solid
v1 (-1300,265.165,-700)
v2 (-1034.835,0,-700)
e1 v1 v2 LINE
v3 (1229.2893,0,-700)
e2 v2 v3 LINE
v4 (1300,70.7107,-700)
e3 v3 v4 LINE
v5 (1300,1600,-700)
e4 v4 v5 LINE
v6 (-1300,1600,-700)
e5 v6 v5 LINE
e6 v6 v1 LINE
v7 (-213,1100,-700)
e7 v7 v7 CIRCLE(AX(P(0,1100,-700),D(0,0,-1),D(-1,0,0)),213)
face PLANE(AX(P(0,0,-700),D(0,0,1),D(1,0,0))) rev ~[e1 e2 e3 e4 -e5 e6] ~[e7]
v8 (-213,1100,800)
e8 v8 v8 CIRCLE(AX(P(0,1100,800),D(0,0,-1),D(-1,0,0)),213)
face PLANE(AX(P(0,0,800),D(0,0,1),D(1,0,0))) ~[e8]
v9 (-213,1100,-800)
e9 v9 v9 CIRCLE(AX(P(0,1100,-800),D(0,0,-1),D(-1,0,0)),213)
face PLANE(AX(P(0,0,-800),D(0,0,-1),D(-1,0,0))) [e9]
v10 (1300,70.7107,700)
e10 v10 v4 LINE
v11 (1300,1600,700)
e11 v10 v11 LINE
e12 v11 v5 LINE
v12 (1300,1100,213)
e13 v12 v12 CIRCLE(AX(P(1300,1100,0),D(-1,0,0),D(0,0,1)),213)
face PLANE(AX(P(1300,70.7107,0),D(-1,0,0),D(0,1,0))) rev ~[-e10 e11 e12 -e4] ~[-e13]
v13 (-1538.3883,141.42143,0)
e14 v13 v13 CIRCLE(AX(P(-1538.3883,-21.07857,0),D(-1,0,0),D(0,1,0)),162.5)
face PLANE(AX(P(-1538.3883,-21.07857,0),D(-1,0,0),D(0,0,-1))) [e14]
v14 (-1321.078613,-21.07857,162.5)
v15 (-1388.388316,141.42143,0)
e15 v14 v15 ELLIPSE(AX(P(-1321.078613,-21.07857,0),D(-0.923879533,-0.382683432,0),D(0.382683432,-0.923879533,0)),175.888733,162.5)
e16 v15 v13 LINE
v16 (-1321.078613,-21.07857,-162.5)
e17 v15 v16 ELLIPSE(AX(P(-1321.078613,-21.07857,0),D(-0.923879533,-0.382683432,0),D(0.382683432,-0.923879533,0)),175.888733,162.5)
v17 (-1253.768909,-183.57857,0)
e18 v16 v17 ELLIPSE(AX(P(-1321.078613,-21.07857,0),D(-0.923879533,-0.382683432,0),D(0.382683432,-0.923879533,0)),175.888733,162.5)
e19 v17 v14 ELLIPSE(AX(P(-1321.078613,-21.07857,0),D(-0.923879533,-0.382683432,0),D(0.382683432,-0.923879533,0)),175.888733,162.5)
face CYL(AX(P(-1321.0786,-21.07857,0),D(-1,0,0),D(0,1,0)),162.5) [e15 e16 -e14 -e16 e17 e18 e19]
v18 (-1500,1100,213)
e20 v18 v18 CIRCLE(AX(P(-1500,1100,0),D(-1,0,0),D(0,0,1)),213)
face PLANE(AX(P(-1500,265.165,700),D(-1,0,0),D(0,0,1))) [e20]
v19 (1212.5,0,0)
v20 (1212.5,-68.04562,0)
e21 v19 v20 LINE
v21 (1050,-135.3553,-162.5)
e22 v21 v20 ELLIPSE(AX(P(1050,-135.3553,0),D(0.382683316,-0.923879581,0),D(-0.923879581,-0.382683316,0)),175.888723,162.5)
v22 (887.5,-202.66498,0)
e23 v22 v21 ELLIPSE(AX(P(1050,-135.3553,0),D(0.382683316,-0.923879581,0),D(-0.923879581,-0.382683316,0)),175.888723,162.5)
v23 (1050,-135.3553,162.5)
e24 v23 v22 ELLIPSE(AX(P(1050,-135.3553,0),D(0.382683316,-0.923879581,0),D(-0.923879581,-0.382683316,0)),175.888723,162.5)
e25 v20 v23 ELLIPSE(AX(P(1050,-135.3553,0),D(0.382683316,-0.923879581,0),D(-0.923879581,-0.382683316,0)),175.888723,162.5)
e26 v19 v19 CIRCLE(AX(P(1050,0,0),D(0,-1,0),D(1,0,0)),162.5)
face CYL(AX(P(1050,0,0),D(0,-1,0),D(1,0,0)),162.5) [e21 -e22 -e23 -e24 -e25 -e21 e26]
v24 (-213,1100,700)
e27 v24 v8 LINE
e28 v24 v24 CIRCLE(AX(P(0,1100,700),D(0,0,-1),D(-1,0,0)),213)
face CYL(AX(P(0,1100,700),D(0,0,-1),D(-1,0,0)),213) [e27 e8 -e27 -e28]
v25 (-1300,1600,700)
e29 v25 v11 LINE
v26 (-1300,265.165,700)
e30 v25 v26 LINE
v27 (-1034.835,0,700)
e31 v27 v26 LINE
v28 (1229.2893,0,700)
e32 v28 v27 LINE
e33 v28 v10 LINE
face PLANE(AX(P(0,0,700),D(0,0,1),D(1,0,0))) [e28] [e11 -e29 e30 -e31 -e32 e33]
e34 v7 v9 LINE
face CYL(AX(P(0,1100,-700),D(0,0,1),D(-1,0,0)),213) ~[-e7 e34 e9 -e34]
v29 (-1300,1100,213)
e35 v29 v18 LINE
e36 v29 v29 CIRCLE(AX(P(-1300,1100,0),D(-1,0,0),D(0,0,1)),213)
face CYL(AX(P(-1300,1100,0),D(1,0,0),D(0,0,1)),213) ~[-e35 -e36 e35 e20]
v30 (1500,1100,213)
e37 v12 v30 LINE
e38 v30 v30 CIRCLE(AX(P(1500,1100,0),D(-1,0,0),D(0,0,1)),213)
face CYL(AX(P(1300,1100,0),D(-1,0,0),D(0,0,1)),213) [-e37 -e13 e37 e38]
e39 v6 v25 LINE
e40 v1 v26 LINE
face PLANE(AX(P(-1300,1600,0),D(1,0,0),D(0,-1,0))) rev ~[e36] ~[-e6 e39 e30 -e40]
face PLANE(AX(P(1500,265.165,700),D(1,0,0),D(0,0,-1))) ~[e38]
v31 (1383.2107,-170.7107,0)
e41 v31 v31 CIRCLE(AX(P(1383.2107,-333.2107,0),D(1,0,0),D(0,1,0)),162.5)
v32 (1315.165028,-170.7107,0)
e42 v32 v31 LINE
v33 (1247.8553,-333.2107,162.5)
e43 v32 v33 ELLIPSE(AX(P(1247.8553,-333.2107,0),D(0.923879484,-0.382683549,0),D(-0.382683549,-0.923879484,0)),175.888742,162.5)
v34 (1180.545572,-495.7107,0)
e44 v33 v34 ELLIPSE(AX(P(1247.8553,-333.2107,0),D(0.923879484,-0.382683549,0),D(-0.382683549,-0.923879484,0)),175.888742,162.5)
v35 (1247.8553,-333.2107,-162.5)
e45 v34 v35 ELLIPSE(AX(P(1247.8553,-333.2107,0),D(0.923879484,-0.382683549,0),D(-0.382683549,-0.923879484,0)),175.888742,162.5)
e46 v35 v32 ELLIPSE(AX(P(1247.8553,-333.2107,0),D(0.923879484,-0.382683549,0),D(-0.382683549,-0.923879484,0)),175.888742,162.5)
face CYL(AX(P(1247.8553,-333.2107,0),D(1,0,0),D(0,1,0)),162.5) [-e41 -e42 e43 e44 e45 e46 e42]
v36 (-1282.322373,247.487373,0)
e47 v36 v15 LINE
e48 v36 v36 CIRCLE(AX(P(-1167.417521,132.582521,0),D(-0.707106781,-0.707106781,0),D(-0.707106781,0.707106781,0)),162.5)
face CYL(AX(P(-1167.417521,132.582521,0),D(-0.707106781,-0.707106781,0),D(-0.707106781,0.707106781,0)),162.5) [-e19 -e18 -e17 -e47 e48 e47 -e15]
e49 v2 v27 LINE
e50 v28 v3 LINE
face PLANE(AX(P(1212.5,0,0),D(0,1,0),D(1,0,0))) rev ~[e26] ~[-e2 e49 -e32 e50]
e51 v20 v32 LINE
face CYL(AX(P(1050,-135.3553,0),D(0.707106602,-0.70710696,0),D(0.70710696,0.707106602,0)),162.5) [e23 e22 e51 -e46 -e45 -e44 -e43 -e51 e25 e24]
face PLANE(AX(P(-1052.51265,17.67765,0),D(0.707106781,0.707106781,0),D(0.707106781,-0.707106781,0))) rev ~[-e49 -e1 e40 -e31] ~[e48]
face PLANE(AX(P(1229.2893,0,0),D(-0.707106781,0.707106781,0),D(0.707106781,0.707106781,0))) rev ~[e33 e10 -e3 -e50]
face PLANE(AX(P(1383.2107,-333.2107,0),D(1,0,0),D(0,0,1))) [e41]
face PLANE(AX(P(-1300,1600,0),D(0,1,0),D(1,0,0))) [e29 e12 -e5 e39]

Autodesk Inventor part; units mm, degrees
ref_plane "YZ Plane" through (0, 0, 0) normal (1, 0, 0) x (0, 1, 0)
ref_plane "XZ Plane" through (0, 0, 0) normal (0, 1, 0) x (-1, 0, 0)
ref_plane "XY Plane" through (0, 0, 0) normal (0, 0, 1) x (1, 0, 0)
sketch "Sketch18" plane through (0, 0, 0) normal (0, 0, 1) x (1, 0, 0)
  circle A0 centre (0, 1100) radius 213
  line L0 (0, 0) -> (0, 1100) construction
  line L1 (0, 1100) -> (0, 1600) construction
  line L2 (0, 1100) -> (-158.3548, 850) construction
  line L3 (-158.3548, 850) -> (-454.2876, 850) construction
  line L4 (-454.2876, 850) -> (-612.6424, 1100) construction
  line L5 (-612.6424, 1100) -> (0, 1100) construction
  line L6 (-1300, 1600) -> (1300, 1600)
  line L7 (1541.1151, -621.787) -> (-1872.5331, -621.787) construction
  line L8 (-1300, 1600) -> (-1300, 265.165)
  line L9 (-1300, 265.165) -> (-1034.835, 0)
  line L10 (-1034.835, 0) -> (1229.2893, 0)
  line L11 (1229.2893, 0) -> (1300, 70.7107)
  line L12 (1300, 70.7107) -> (1300, 1600)
  line L13 (-1538.3883, 141.4214) -> (-1538.3883, -183.5786)
  line L14 (-1538.3883, 198.9214) -> (-1566.3883, 198.9214)
  line L15 (-1566.3883, 198.9214) -> (-1566.3883, -241.0786)
  line L16 (-1566.3883, -241.0786) -> (-1538.3883, -241.0786)
  line L17 (-1538.3883, -241.0786) -> (-1538.3883, 198.9214)
  line L18 (-1167.4175, 132.5825) -> (-1321.0786, -21.0786) construction
  line L19 (-1321.0786, -21.0786) -> (-1538.3883, -21.0786) construction
  line L20 (-1538.3883, 141.4214) -> (-1388.3883, 141.4214)
  line L21 (-1388.3883, 141.4214) -> (-1282.3223, 247.4874)
  line L22 (-1538.3883, -183.5786) -> (-1253.7689, -183.5786)
  line L23 (-1253.7689, -183.5786) -> (-1052.5126, 17.6777)
  line L24 (-1388.3883, 141.4214) -> (-1253.7689, -183.5786)
  line L25 (1383.2107, -113.2107) -> (1411.2107, -113.2107)
  line L26 (1411.2107, -113.2107) -> (1411.2107, -553.2107)
  line L27 (1411.2107, -553.2107) -> (1383.2107, -553.2107)
  line L28 (1383.2107, -553.2107) -> (1383.2107, -113.2107)
  line L29 (1050, 0) -> (1050, -135.3553) construction
  line L30 (1050, -135.3553) -> (1247.8553, -333.2107) construction
  line L31 (1247.8553, -333.2107) -> (1383.2107, -333.2107) construction
  line L32 (1383.2107, -170.7107) -> (1283.2107, -170.7107)
  line L33 (1283.2107, -170.7107) -> (1212.5, -100)
  line L34 (1212.5, -100) -> (1212.5, 0)
  line L35 (1383.2107, -495.7107) -> (1212.5, -495.7107)
  line L36 (1212.5, -495.7107) -> (887.5, -170.7107)
  line L37 (887.5, -170.7107) -> (887.5, 0)
  line L38 (1212.5, -100) -> (887.5, -170.7107)
  line L39 (1283.2107, -170.7107) -> (1212.5, -495.7107)
  line L40 (1247.8553, -135.3553) -> (1050, -333.2107) construction
  line L41 (1212.5, -50) -> (887.5, -50) construction
  line L42 (-764.544, 0) -> (-593.6658, 0)
  line L43 (28, 0) -> (23.8247, 0)
  line L44 (28, -50) -> (28, 0)
  line L45 (28, -50) -> (-28, -50)
  line L46 (-28, -50) -> (-28, -22)
  line L47 (-28, -22) -> (0, -22)
  line L48 (0, -22) -> (0, 0)
  line L49 (0, -22) -> (28, -22) construction
  line L50 (-33.8617, -50) -> (33.8617, -50)
  line L51 (33.8617, -50) -> (33.8617, -60)
  line L52 (33.8617, -60) -> (-33.8617, -60)
  line L53 (-33.8617, -60) -> (-33.8617, -50)
  line L54 (-37.5, -60) -> (37.5, -60)
  line L55 (37.5, -60) -> (37.5, -200)
  line L56 (37.5, -200) -> (-37.5, -200)
  line L57 (-37.5, -200) -> (-37.5, -60)
  line L58 (378, 0) -> (373.8247, 0)
  line L59 (350, -22) -> (350, 0)
  line L60 (322, -22) -> (350, -22)
  line L61 (350, -22) -> (378, -22) construction
  line L62 (322, -50) -> (322, -22)
  line L63 (378, -50) -> (378, 0)
  line L64 (378, -50) -> (322, -50)
  line L65 (387.5, -60) -> (387.5, -200)
  line L66 (383.8617, -50) -> (383.8617, -60)
  line L67 (312.5, -200) -> (312.5, -60)
  line L68 (387.5, -200) -> (312.5, -200)
  line L69 (316.1383, -50) -> (383.8617, -50)
  line L70 (383.8617, -60) -> (316.1383, -60)
  line L71 (312.5, -60) -> (387.5, -60)
  line L72 (316.1383, -60) -> (316.1383, -50)
  line L73 (-322, 0) -> (-326.1753, 0)
  line L74 (-350, -22) -> (-350, 0)
  line L75 (-378, -22) -> (-350, -22)
  line L76 (-350, -22) -> (-322, -22) construction
  line L77 (-378, -50) -> (-378, -22)
  line L78 (-322, -50) -> (-322, 0)
  line L79 (-322, -50) -> (-378, -50)
  line L80 (-312.5, -60) -> (-312.5, -200)
  line L81 (-316.1383, -50) -> (-316.1383, -60)
  line L82 (-387.5, -200) -> (-387.5, -60)
  line L83 (-312.5, -200) -> (-387.5, -200)
  line L84 (-383.8617, -50) -> (-316.1383, -50)
  line L85 (-316.1383, -60) -> (-383.8617, -60)
  line L86 (-387.5, -60) -> (-312.5, -60)
  line L87 (-383.8617, -60) -> (-383.8617, -50)
  line L88 (728, 0) -> (723.8247, 0)
  line L89 (700, -22) -> (700, 0)
  line L90 (672, -22) -> (700, -22)
  line L91 (700, -22) -> (728, -22) construction
  line L92 (672, -50) -> (672, -22)
  line L93 (728, -50) -> (728, 0)
  line L94 (728, -50) -> (672, -50)
  line L95 (737.5, -60) -> (737.5, -200)
  line L96 (733.8617, -50) -> (733.8617, -60)
  line L97 (662.5, -200) -> (662.5, -60)
  line L98 (737.5, -200) -> (662.5, -200)
  line L99 (666.1383, -50) -> (733.8617, -50)
  line L100 (733.8617, -60) -> (666.1383, -60)
  line L101 (662.5, -60) -> (737.5, -60)
  line L102 (666.1383, -60) -> (666.1383, -50)
  line L103 (-672, 0) -> (-676.1753, 0)
  line L104 (-700, -22) -> (-700, 0)
  line L105 (-728, -22) -> (-700, -22)
  line L106 (-700, -22) -> (-672, -22) construction
  line L107 (-728, -50) -> (-728, -22)
  line L108 (-672, -50) -> (-672, 0)
  line L109 (-672, -50) -> (-728, -50)
  line L110 (-662.5, -60) -> (-662.5, -200)
  line L111 (-666.1383, -50) -> (-666.1383, -60)
  line L112 (-737.5, -200) -> (-737.5, -60)
  line L113 (-662.5, -200) -> (-737.5, -200)
  line L114 (-733.8617, -50) -> (-666.1383, -50)
  line L115 (-666.1383, -60) -> (-733.8617, -60)
  line L116 (-737.5, -60) -> (-662.5, -60)
  line L117 (-733.8617, -60) -> (-733.8617, -50)
  point P0 (-306.3212, 850)
  point P1 (-306.3212, 1100)
  point P2 (0, -50)
  point P3 (0, -60)
  point P4 (350, 0)
  point P5 (350, -50)
  point P6 (350, -60)
  point P7 (-350, 0)
  point P8 (-350, -50)
  point P9 (-350, -60)
  point P10 (700, 0)
  point P11 (700, -50)
  point P12 (700, -60)
  point P13 (-700, 0)
  point P14 (-700, -50)
  point P15 (-700, -60)
  dimension "d112" = 426
  dimension "d113" = 1100
  dimension "d114" = 500
  dimension "d115" = 1100
  dimension "d116" = 250
  dimension "d120" = 2600
  dimension "d121" = 325
  dimension "d123" = 28
  dimension "d124" = 440
  dimension "d125" = 135
  dimension "d127" = 67.5
  dimension "d128" = 100
  dimension "d129" = 375
  dimension "d130" = 1600
  dimension "d131" = 150
  dimension "d132" = 250
  dimension "d133" = 100
  dimension "d135" = 50
  dimension "d136" = -28
  dimension "d137" = 10
  dimension "d138" = 140
  dimension "d139" = 75
  dimension "d142" = 350
  dimension "d157" = 217.3097
  dimension "d164" = 135.3553
  dimension "d165" = 279.8097
extrude "Extrusion16" add sketch "Sketch18" along normal mid plane 1400 contours A0 | L6 L12 L11 L10 L9 L8
sketch "Sketch19" plane through (-1300, 265.165, 700) normal (-1, 0, 0) x (0, 0, 1)
  circle A0 centre (-700, 834.835) radius 213
  line L0 (0, 0) -> (-1400, 0) construction
  line L1 (0, 1334.835) -> (0, 0) construction
  line L2 (-1400, 1334.835) -> (0, 1334.835) construction
  line L3 (-1400, 0) -> (-1400, 1334.835) construction
  line L4 (-1400, 1334.835) -> (0, 1334.835) projected
  point P0 (-700, -265.165)
  point P1 (-700, 1334.835)
  point P2 (-700, 1334.835)
  dimension "d149" = 500
  dimension "d150" = 426
extrude "Extrusion17" add sketch "Sketch19" along normal blind 200
sketch "Sketch20" plane through (0, 0, -700) normal (0, 0, -1) x (-1, 0, 0)
  circle A0 centre (0, 1100) radius 213
  line L0 (1300, 1600) -> (-1300, 1600) projected
  point P0 (0, 0)
  point P1 (0, 1600)
  point P2 (0, 1600)
  dimension "d153" = 500
  dimension "d154" = 426
extrude "Extrusion18" add sketch "Sketch20" along normal blind 100
sketch "Sketch23" plane through (0, 0, 0) normal (0, 0, 1) x (1, 0, 0)
  line L0 (-1300, 265.165) -> (-1034.835, 0) construction
  line L1 (-1034.835, 0) -> (1229.2893, 0) construction
  line L2 (1229.2893, 0) -> (1300, 70.7107) construction
  line L3 (1300, 70.7107) -> (1300, 1600) construction
  line L4 (1300, 1600) -> (-1300, 1600) construction
  line L5 (-1300, 1600) -> (-1300, 265.165) construction
  line L6 (1050, 0) -> (1050, -135.3553)
  line L7 (1050, -135.3553) -> (1247.8553, -333.2107)
  line L8 (1247.8553, -333.2107) -> (1383.2107, -333.2107)
  point P0 (0, 0)
  dimension "d162" = 135
  dimension "d163" = 250
  dimension "d166" = 135.3553
  dimension "d167" = 279.8097
sketch "Sketch21" plane through (0, 0, 0) normal (0, 0, 1) x (1, 0, 0)
  line L0 (-1300, 265.165) -> (-1034.835, 0) construction
  line L1 (-1034.835, 0) -> (1229.2893, 0) construction
  line L2 (1229.2893, 0) -> (1300, 70.7107) construction
  line L3 (1300, 70.7107) -> (1300, 1600) construction
  line L4 (1300, 1600) -> (-1300, 1600) construction
  line L5 (-1300, 1600) -> (-1300, 265.165) construction
  line L6 (-1167.4175, 132.5825) -> (-1321.0786, -21.0786)
  line L7 (-1321.0786, -21.0786) -> (-1538.3883, -21.0786)
  point P0 (0, 0)
  dimension "d158" = 217.3097
sketch "Sketch22" plane through (-1034.835, 0, 700) normal (-0.7071, -0.7071, 0) x (-0.7071, 0.7071, 0)
  circle A0 centre (187.5, 700) radius 162.5
  point P0 (-731.7388, 700)
  dimension "d159" = 325
sweep "Sweep3" add profiles "Sketch22" path "Sketch21"
sketch "Sketch24" plane through (-1034.835, 0, 700) normal (0, -1, 0) x (1, 0, 0)
  circle A0 centre (2084.835, -700) radius 162.5
  point P0 (1034.835, -700)
  dimension "d168" = 325
sweep "Sweep4" add profiles "Sketch24" path "Sketch23"
mirror "Mirror7" about plane through (0, 0, 0) normal (1, 0, 0) of "Extrusion17"
mirror "Mirror8" about plane through (0, 0, 0) normal (0, 0, 1) of "Extrusion18"
properties part number "GBK-RK-0004 RK dummy 4" material "Stainless Steel"
